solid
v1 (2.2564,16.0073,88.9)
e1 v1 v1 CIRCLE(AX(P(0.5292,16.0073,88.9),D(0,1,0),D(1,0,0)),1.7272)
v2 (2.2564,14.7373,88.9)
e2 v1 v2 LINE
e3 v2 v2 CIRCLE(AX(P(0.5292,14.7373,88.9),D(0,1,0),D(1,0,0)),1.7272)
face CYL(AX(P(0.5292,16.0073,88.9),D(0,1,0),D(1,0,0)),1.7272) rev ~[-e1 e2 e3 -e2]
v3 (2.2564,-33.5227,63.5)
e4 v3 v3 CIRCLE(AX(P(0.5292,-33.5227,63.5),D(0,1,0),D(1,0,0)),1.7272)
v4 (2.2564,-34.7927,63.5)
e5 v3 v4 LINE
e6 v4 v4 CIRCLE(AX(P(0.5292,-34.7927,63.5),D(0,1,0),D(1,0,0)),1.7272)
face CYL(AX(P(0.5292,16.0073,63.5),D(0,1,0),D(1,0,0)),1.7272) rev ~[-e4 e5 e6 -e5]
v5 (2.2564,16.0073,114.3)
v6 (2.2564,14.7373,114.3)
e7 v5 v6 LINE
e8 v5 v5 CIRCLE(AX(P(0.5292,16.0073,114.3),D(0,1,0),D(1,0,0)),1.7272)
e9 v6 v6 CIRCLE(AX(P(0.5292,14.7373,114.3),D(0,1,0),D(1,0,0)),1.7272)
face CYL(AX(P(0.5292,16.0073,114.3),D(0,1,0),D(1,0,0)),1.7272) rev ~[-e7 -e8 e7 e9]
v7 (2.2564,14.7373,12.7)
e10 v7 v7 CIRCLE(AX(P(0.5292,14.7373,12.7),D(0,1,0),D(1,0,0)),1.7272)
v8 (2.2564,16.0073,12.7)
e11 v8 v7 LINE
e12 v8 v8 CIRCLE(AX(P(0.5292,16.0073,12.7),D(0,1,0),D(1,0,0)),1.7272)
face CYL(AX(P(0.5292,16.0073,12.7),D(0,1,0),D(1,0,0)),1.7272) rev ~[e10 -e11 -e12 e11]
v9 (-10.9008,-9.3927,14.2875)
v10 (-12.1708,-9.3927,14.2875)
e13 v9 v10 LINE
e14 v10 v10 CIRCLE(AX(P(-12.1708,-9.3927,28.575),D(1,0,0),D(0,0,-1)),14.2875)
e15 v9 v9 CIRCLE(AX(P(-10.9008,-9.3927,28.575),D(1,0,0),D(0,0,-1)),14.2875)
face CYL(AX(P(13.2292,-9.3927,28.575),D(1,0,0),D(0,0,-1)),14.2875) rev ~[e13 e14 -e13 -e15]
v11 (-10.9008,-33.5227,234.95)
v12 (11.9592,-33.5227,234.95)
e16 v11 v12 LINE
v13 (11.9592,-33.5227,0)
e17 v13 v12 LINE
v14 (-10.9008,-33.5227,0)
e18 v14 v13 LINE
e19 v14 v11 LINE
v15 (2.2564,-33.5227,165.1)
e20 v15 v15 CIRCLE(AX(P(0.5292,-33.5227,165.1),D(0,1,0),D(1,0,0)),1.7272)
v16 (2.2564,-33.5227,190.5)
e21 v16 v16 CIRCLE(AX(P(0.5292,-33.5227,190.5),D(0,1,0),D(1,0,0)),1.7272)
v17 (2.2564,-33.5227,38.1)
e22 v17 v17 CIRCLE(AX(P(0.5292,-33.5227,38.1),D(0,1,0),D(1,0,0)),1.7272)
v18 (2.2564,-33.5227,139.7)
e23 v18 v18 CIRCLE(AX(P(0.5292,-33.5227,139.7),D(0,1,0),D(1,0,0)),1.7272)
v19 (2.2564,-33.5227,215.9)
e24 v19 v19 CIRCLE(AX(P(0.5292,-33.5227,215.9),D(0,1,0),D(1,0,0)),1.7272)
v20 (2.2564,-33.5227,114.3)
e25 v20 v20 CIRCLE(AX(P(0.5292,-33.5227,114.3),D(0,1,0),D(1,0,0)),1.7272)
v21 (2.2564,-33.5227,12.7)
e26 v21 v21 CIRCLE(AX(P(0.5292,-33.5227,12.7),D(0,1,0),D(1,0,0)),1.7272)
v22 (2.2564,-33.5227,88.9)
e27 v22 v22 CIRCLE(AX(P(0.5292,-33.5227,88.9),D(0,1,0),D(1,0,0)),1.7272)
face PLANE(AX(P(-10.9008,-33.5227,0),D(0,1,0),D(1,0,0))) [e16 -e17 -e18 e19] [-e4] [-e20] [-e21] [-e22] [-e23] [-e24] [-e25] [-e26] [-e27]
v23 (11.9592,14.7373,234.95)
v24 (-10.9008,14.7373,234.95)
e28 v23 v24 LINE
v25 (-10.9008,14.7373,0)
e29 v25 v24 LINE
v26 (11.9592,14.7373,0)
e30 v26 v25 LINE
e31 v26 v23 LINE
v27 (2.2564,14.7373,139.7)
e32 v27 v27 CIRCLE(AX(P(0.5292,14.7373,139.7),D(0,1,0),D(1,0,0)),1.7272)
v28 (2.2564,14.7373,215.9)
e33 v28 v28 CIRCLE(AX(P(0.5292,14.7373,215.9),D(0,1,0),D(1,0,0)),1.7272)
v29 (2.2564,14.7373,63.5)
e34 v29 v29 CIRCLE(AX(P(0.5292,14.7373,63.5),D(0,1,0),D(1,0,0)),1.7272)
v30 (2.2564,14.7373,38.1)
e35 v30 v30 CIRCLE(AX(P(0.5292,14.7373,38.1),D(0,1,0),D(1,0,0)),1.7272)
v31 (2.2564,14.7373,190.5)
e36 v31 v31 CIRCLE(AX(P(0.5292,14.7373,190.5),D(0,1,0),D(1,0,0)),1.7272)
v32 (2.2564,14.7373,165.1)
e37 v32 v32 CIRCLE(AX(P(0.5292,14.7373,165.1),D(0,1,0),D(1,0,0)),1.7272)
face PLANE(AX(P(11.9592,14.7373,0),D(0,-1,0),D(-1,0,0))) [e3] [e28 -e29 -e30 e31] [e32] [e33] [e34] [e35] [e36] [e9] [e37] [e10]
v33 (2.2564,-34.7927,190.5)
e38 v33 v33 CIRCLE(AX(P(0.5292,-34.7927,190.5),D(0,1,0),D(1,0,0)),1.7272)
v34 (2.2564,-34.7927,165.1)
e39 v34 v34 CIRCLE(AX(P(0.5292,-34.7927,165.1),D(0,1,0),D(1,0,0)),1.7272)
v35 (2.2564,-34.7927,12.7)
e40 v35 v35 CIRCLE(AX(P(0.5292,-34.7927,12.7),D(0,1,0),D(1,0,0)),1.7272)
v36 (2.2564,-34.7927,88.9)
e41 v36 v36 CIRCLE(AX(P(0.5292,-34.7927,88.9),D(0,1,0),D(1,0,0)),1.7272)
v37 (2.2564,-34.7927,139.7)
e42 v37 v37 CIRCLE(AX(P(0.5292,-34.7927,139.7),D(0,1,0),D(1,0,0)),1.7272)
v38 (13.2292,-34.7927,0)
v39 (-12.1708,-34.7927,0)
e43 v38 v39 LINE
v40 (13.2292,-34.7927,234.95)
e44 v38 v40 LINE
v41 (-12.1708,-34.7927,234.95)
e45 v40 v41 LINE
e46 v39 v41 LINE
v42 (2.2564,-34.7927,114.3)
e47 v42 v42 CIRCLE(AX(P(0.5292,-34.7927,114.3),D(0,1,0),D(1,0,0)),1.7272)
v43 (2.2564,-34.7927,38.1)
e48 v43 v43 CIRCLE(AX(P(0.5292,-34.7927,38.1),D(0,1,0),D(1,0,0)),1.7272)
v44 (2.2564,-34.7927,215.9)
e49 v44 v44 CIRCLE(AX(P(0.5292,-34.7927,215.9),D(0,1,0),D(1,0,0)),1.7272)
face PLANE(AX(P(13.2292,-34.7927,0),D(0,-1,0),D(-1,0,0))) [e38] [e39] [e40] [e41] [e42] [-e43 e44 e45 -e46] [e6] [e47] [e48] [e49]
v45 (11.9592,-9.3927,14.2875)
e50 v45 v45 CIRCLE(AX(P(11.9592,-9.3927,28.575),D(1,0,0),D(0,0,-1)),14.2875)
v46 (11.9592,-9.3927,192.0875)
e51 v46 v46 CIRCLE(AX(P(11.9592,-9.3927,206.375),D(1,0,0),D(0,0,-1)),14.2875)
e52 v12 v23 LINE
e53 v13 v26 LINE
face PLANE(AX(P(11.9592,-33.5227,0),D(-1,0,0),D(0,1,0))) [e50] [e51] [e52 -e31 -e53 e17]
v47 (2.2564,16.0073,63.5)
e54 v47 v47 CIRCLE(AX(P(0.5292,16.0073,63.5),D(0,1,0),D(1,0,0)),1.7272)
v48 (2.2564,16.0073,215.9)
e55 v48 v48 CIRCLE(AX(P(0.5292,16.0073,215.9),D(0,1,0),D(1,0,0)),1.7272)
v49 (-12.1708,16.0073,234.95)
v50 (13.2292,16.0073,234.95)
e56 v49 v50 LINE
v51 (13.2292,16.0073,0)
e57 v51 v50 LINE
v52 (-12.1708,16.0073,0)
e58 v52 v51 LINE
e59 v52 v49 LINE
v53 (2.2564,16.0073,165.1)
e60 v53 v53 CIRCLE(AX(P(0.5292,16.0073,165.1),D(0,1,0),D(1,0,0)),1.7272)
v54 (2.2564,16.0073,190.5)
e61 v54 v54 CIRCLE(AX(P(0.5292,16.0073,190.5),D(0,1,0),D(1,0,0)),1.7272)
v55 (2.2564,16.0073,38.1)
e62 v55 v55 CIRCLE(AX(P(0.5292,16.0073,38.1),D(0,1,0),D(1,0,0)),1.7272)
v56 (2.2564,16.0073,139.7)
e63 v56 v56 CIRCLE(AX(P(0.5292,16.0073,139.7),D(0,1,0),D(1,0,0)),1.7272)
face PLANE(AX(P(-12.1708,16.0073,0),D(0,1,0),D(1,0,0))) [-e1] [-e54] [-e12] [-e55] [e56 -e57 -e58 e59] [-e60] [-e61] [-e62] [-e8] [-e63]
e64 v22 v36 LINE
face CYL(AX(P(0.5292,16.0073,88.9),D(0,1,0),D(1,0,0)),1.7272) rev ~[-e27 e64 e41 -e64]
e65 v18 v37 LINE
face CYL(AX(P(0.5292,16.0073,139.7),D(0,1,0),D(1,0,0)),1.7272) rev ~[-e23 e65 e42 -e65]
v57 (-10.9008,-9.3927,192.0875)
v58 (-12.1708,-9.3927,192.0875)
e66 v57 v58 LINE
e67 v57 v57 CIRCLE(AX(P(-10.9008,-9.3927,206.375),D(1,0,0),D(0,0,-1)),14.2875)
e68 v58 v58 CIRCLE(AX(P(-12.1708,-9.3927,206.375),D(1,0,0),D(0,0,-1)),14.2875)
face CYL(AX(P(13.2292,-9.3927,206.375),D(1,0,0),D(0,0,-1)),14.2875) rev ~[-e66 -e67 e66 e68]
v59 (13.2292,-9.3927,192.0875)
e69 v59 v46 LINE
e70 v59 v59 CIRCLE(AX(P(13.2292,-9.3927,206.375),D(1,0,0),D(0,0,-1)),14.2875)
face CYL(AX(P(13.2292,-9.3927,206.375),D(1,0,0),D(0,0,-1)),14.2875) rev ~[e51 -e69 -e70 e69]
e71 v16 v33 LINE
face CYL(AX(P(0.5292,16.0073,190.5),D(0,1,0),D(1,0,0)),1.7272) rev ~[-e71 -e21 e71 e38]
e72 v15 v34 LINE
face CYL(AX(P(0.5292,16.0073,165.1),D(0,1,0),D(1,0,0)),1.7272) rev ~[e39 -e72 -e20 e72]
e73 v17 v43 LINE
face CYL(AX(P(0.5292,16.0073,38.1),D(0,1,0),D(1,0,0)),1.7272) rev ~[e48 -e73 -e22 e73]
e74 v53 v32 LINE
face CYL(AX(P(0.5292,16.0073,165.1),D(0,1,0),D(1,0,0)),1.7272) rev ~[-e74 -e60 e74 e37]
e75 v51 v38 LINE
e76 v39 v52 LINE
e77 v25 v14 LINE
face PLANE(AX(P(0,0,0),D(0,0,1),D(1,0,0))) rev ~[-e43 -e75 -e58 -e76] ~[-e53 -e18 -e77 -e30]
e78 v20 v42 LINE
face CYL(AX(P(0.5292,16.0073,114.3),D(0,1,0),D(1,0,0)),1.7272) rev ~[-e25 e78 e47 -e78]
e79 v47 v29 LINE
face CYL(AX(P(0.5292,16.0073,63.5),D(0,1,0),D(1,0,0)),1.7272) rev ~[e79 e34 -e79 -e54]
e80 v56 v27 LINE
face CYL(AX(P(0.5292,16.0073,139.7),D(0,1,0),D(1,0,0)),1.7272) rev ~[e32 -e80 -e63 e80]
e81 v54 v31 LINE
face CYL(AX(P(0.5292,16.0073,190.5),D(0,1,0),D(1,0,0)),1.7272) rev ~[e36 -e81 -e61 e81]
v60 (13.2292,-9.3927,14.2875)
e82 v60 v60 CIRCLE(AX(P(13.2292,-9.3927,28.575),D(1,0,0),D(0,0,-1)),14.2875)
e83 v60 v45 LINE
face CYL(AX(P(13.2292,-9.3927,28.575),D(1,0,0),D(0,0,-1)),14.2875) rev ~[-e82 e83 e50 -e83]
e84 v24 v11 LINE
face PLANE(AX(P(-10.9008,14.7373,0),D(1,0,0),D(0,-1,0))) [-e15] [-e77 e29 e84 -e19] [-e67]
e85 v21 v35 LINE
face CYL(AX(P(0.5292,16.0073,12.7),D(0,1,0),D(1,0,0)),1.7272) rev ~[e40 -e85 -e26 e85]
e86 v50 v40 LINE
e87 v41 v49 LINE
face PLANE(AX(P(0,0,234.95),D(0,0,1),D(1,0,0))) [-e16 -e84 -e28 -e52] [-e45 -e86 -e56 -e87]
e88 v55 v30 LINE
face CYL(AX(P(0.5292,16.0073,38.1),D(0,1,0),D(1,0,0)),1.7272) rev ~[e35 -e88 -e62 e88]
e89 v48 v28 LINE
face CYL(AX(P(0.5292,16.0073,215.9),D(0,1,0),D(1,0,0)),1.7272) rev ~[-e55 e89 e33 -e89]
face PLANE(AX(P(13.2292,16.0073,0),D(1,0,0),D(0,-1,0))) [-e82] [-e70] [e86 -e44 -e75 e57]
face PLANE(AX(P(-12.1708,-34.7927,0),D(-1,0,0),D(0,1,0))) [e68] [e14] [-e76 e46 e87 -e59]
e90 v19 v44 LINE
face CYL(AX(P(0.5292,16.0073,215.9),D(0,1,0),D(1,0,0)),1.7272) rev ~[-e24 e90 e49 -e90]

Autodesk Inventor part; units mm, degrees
ref_plane "YZ Plane" through (0, 0, 0) normal (1, 0, 0) x (0, 1, 0)
ref_plane "XZ Plane" through (0, 0, 0) normal (0, 1, 0) x (-1, 0, 0)
ref_plane "XY Plane" through (0, 0, 0) normal (0, 0, 1) x (1, 0, 0)
sketch "Sketch1" plane through (0, 0, 0) normal (0, 0, 1) x (1, 0, 0)
  line L0 (-12.1708, 16.0073) -> (13.2292, 16.0073)
  line L1 (13.2292, 16.0073) -> (13.2292, -34.7927)
  line L2 (13.2292, -34.7927) -> (-12.1708, -34.7927)
  line L3 (-12.1708, -34.7927) -> (-12.1708, 16.0073)
  line L4 (11.9592, 14.7373) -> (-10.9008, 14.7373)
  line L5 (-10.9008, 14.7373) -> (-10.9008, -33.5227)
  line L6 (-10.9008, -33.5227) -> (11.9592, -33.5227)
  line L7 (11.9592, -33.5227) -> (11.9592, 14.7373)
  point P0 (0, 0)
  dimension "d0" = 25.4
  dimension "d1" = 50.8
  dimension "d2" = 1.27
extrude "Extrusion1" add sketch "Sketch1" along normal blind 234.95
sketch "Sketch2" plane through (-12.1708, 16.0073, 0) normal (0, 1, 0) x (1, 0, 0)
  circle A0 centre (12.7, -12.7) radius 1.7272
  line L0 (25.4, 0) -> (0, 0) projected
  line L1 (0, 0) -> (0, -234.95) projected
  point P0 (12.1708, 0)
  dimension "d5" = 3.4544
  dimension "d6" = 12.7
  dimension "d7" = 12.7
extrude "Extrusion2" cut sketch "Sketch2" against normal through all
pattern_linear "Rectangular Pattern1" count 23 spacing 25.4 along (0, 0, 1) of "Extrusion2"
sketch "Sketch5" plane through (13.2292, -34.7927, 0) normal (1, 0, 0) x (0, 0, -1)
  circle A0 centre (-206.375, 25.4) radius 14.2875
  line L0 (-234.95, 0) -> (-234.95, 50.8) projected
  line L1 (0, 50.8) -> (-234.95, 50.8) projected
  circle A1 centre (-28.575, 25.4) radius 14.2875
  point P0 (0, 34.7927)
  dimension "d46" = 28.575
  dimension "d47" = 28.575
  dimension "d48" = 25.4
  dimension "d52" = 28.575
  dimension "d54" = 25.4
  dimension "d61" = 28.575
extrude "Extrusion5" cut sketch "Sketch5" against normal through all
equation "\"d3\" = d13"
equation "\"d10\" = d14"
equation "\"d13\" = 234.95"
equation "\"d14\" = d13"
equation "\"d32\" = 101.6"
properties part number "AIntakeArm2"
